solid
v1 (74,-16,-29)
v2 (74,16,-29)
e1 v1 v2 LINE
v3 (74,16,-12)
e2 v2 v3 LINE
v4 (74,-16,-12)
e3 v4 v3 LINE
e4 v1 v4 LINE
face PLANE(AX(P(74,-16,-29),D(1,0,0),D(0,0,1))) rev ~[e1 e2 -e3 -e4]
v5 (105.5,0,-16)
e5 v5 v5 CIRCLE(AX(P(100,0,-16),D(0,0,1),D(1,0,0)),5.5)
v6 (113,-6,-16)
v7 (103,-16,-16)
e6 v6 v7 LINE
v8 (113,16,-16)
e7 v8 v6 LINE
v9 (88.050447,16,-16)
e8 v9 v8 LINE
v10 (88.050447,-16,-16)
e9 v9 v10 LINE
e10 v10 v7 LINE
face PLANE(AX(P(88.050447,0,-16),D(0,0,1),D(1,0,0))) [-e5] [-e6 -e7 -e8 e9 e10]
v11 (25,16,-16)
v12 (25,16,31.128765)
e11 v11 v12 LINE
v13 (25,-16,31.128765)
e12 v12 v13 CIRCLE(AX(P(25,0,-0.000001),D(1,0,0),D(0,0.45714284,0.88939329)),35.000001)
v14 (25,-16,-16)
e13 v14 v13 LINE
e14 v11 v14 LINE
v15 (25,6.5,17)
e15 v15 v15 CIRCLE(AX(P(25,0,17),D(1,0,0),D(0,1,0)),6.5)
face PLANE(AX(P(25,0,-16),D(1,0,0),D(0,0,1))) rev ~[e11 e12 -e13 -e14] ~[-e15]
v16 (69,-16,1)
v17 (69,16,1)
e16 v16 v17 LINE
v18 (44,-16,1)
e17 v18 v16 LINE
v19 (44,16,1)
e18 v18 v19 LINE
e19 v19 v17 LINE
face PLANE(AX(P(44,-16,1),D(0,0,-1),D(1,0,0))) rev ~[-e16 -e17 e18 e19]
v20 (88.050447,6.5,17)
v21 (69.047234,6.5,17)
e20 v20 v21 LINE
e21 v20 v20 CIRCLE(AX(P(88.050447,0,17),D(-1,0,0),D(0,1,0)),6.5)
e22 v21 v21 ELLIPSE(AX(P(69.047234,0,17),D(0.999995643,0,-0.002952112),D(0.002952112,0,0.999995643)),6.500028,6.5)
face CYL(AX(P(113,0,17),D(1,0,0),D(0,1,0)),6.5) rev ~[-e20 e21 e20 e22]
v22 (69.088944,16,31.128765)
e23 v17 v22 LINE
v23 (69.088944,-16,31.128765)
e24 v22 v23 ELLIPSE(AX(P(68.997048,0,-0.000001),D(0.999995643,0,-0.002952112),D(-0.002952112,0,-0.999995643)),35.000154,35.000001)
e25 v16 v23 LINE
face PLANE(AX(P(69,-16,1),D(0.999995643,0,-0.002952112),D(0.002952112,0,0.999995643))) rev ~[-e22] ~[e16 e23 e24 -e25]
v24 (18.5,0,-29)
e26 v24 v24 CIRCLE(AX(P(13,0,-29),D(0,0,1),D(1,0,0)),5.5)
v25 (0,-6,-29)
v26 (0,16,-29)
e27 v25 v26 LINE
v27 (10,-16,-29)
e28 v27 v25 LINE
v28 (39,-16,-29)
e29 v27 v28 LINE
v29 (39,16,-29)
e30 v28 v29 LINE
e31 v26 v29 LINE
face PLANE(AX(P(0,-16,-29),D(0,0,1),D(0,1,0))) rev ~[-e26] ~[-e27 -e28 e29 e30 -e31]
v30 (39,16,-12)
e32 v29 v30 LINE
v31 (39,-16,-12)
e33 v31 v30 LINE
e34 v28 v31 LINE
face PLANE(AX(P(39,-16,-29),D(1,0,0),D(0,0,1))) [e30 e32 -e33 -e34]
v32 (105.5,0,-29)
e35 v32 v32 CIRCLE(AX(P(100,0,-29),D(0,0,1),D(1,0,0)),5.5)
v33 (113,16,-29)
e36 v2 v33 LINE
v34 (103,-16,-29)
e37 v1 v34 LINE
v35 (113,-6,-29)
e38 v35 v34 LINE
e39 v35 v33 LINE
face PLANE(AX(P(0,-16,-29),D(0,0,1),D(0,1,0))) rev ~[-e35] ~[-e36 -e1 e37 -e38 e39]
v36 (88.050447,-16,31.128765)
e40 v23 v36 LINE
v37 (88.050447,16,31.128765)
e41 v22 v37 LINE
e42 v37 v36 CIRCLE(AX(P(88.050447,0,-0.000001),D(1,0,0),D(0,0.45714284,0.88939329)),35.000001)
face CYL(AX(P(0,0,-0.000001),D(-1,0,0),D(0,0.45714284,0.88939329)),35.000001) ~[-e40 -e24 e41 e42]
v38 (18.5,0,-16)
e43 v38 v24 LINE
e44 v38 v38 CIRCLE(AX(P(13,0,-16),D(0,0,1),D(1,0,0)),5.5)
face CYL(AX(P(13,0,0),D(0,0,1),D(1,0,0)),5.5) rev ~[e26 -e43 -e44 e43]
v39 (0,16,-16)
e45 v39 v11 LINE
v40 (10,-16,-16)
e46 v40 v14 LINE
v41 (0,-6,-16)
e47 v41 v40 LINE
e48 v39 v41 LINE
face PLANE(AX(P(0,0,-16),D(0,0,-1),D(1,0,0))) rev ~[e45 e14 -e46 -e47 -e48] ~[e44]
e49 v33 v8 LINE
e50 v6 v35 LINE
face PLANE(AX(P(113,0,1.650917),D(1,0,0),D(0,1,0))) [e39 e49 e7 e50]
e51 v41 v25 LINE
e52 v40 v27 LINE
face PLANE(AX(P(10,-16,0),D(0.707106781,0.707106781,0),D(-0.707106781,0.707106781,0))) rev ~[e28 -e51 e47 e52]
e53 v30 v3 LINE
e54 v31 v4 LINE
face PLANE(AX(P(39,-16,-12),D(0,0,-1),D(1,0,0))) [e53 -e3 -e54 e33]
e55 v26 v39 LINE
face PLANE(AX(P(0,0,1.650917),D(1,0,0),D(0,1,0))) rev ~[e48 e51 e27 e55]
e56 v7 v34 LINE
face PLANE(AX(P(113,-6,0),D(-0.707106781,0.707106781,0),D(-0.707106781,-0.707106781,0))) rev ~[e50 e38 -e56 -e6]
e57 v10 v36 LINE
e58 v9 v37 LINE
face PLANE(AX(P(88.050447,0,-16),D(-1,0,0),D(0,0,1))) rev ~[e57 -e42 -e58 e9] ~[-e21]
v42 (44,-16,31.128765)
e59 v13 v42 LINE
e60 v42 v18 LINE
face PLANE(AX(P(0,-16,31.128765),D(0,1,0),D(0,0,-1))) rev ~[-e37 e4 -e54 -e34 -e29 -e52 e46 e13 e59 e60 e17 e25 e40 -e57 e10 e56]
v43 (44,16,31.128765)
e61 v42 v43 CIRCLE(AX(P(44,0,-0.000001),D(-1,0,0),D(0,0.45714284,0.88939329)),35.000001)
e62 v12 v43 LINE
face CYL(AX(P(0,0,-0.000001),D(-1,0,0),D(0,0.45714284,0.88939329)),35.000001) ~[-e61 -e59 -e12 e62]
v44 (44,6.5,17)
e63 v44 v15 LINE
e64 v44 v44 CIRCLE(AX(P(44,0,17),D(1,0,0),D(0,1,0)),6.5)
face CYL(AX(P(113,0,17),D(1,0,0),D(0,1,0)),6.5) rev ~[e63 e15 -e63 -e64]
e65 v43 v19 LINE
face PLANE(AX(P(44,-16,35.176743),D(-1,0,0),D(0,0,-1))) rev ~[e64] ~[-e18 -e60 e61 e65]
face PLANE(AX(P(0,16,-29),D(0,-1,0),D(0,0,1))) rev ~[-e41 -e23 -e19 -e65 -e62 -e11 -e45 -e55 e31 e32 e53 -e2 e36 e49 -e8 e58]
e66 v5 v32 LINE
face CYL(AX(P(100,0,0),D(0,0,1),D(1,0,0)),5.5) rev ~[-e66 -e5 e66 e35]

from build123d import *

# Parameters (mm, degrees)
F1_DEPTH      = 113
F2_R          = 6.5
F3_DEPTH      = 113.001
F4_W          = 35
F4_H          = 17
F5_DEPTH      = 32.001
F6_W          = 25
F6_H          = 51
F7_DEPTH      = 16.001
F7_DEPTH_BACK = 16.001
F8_R          = 5.5
F9_DEPTH      = 29.001


with BuildPart() as f1:
    # F0 (on Right) → F1 (new body)
    with BuildSketch(Plane.YZ):
        with BuildLine():
            ThreePointArc((16, 31.128765), (0, 35), (-16, 31.128765))
            Line((-16, 31.128765), (-16, -29))
            Line((-16, -29), (16, -29))
            Line((16, -29), (16, 31.128765))
        make_face()
    extrude(amount=F1_DEPTH)

    # F2 (on face) → F3 (cut, through all)
    with BuildSketch(Plane.YZ.offset(113)):
        with Locations((0, 17)):
            Circle(F2_R)
    extrude(amount=-F3_DEPTH, mode=Mode.SUBTRACT)

    # F4 (on face) → F5 (cut, through all)
    with BuildSketch(Plane.XZ.offset(16)):
        with Locations((56.5, -20.5)):
            Rectangle(F4_W, F4_H)
        Polygon((44, 1), (69, 1), (69.100894, 35.176743), (44, 35.176743), align=None)
    extrude(amount=-F5_DEPTH, mode=Mode.SUBTRACT)

    # F6 (on Front) → F7 (cut, two sides)
    with BuildSketch(Plane.XZ) as f7_sk:
        with Locations((12.5, 9.5)):
            Rectangle(F6_W, F6_H)
        with Locations((100.550447, 9.5)):
            Rectangle(F6_W, F6_H)
    extrude(amount=F7_DEPTH, mode=Mode.SUBTRACT)
    extrude(f7_sk.sketch, amount=-F7_DEPTH_BACK, mode=Mode.SUBTRACT)

    # F8 (on Top) → F9 (cut, through all)
    with BuildSketch(Plane.XY):
        Polygon((10, -16), (0, -6), (0, -16), align=None)
        with Locations((13, 0)):
            Circle(F8_R)
        with Locations((100, 0)):
            Circle(F8_R)
        Polygon((113, -6), (103, -16), (113, -16), align=None)
    extrude(amount=-F9_DEPTH, mode=Mode.SUBTRACT)


solid = f1.part
